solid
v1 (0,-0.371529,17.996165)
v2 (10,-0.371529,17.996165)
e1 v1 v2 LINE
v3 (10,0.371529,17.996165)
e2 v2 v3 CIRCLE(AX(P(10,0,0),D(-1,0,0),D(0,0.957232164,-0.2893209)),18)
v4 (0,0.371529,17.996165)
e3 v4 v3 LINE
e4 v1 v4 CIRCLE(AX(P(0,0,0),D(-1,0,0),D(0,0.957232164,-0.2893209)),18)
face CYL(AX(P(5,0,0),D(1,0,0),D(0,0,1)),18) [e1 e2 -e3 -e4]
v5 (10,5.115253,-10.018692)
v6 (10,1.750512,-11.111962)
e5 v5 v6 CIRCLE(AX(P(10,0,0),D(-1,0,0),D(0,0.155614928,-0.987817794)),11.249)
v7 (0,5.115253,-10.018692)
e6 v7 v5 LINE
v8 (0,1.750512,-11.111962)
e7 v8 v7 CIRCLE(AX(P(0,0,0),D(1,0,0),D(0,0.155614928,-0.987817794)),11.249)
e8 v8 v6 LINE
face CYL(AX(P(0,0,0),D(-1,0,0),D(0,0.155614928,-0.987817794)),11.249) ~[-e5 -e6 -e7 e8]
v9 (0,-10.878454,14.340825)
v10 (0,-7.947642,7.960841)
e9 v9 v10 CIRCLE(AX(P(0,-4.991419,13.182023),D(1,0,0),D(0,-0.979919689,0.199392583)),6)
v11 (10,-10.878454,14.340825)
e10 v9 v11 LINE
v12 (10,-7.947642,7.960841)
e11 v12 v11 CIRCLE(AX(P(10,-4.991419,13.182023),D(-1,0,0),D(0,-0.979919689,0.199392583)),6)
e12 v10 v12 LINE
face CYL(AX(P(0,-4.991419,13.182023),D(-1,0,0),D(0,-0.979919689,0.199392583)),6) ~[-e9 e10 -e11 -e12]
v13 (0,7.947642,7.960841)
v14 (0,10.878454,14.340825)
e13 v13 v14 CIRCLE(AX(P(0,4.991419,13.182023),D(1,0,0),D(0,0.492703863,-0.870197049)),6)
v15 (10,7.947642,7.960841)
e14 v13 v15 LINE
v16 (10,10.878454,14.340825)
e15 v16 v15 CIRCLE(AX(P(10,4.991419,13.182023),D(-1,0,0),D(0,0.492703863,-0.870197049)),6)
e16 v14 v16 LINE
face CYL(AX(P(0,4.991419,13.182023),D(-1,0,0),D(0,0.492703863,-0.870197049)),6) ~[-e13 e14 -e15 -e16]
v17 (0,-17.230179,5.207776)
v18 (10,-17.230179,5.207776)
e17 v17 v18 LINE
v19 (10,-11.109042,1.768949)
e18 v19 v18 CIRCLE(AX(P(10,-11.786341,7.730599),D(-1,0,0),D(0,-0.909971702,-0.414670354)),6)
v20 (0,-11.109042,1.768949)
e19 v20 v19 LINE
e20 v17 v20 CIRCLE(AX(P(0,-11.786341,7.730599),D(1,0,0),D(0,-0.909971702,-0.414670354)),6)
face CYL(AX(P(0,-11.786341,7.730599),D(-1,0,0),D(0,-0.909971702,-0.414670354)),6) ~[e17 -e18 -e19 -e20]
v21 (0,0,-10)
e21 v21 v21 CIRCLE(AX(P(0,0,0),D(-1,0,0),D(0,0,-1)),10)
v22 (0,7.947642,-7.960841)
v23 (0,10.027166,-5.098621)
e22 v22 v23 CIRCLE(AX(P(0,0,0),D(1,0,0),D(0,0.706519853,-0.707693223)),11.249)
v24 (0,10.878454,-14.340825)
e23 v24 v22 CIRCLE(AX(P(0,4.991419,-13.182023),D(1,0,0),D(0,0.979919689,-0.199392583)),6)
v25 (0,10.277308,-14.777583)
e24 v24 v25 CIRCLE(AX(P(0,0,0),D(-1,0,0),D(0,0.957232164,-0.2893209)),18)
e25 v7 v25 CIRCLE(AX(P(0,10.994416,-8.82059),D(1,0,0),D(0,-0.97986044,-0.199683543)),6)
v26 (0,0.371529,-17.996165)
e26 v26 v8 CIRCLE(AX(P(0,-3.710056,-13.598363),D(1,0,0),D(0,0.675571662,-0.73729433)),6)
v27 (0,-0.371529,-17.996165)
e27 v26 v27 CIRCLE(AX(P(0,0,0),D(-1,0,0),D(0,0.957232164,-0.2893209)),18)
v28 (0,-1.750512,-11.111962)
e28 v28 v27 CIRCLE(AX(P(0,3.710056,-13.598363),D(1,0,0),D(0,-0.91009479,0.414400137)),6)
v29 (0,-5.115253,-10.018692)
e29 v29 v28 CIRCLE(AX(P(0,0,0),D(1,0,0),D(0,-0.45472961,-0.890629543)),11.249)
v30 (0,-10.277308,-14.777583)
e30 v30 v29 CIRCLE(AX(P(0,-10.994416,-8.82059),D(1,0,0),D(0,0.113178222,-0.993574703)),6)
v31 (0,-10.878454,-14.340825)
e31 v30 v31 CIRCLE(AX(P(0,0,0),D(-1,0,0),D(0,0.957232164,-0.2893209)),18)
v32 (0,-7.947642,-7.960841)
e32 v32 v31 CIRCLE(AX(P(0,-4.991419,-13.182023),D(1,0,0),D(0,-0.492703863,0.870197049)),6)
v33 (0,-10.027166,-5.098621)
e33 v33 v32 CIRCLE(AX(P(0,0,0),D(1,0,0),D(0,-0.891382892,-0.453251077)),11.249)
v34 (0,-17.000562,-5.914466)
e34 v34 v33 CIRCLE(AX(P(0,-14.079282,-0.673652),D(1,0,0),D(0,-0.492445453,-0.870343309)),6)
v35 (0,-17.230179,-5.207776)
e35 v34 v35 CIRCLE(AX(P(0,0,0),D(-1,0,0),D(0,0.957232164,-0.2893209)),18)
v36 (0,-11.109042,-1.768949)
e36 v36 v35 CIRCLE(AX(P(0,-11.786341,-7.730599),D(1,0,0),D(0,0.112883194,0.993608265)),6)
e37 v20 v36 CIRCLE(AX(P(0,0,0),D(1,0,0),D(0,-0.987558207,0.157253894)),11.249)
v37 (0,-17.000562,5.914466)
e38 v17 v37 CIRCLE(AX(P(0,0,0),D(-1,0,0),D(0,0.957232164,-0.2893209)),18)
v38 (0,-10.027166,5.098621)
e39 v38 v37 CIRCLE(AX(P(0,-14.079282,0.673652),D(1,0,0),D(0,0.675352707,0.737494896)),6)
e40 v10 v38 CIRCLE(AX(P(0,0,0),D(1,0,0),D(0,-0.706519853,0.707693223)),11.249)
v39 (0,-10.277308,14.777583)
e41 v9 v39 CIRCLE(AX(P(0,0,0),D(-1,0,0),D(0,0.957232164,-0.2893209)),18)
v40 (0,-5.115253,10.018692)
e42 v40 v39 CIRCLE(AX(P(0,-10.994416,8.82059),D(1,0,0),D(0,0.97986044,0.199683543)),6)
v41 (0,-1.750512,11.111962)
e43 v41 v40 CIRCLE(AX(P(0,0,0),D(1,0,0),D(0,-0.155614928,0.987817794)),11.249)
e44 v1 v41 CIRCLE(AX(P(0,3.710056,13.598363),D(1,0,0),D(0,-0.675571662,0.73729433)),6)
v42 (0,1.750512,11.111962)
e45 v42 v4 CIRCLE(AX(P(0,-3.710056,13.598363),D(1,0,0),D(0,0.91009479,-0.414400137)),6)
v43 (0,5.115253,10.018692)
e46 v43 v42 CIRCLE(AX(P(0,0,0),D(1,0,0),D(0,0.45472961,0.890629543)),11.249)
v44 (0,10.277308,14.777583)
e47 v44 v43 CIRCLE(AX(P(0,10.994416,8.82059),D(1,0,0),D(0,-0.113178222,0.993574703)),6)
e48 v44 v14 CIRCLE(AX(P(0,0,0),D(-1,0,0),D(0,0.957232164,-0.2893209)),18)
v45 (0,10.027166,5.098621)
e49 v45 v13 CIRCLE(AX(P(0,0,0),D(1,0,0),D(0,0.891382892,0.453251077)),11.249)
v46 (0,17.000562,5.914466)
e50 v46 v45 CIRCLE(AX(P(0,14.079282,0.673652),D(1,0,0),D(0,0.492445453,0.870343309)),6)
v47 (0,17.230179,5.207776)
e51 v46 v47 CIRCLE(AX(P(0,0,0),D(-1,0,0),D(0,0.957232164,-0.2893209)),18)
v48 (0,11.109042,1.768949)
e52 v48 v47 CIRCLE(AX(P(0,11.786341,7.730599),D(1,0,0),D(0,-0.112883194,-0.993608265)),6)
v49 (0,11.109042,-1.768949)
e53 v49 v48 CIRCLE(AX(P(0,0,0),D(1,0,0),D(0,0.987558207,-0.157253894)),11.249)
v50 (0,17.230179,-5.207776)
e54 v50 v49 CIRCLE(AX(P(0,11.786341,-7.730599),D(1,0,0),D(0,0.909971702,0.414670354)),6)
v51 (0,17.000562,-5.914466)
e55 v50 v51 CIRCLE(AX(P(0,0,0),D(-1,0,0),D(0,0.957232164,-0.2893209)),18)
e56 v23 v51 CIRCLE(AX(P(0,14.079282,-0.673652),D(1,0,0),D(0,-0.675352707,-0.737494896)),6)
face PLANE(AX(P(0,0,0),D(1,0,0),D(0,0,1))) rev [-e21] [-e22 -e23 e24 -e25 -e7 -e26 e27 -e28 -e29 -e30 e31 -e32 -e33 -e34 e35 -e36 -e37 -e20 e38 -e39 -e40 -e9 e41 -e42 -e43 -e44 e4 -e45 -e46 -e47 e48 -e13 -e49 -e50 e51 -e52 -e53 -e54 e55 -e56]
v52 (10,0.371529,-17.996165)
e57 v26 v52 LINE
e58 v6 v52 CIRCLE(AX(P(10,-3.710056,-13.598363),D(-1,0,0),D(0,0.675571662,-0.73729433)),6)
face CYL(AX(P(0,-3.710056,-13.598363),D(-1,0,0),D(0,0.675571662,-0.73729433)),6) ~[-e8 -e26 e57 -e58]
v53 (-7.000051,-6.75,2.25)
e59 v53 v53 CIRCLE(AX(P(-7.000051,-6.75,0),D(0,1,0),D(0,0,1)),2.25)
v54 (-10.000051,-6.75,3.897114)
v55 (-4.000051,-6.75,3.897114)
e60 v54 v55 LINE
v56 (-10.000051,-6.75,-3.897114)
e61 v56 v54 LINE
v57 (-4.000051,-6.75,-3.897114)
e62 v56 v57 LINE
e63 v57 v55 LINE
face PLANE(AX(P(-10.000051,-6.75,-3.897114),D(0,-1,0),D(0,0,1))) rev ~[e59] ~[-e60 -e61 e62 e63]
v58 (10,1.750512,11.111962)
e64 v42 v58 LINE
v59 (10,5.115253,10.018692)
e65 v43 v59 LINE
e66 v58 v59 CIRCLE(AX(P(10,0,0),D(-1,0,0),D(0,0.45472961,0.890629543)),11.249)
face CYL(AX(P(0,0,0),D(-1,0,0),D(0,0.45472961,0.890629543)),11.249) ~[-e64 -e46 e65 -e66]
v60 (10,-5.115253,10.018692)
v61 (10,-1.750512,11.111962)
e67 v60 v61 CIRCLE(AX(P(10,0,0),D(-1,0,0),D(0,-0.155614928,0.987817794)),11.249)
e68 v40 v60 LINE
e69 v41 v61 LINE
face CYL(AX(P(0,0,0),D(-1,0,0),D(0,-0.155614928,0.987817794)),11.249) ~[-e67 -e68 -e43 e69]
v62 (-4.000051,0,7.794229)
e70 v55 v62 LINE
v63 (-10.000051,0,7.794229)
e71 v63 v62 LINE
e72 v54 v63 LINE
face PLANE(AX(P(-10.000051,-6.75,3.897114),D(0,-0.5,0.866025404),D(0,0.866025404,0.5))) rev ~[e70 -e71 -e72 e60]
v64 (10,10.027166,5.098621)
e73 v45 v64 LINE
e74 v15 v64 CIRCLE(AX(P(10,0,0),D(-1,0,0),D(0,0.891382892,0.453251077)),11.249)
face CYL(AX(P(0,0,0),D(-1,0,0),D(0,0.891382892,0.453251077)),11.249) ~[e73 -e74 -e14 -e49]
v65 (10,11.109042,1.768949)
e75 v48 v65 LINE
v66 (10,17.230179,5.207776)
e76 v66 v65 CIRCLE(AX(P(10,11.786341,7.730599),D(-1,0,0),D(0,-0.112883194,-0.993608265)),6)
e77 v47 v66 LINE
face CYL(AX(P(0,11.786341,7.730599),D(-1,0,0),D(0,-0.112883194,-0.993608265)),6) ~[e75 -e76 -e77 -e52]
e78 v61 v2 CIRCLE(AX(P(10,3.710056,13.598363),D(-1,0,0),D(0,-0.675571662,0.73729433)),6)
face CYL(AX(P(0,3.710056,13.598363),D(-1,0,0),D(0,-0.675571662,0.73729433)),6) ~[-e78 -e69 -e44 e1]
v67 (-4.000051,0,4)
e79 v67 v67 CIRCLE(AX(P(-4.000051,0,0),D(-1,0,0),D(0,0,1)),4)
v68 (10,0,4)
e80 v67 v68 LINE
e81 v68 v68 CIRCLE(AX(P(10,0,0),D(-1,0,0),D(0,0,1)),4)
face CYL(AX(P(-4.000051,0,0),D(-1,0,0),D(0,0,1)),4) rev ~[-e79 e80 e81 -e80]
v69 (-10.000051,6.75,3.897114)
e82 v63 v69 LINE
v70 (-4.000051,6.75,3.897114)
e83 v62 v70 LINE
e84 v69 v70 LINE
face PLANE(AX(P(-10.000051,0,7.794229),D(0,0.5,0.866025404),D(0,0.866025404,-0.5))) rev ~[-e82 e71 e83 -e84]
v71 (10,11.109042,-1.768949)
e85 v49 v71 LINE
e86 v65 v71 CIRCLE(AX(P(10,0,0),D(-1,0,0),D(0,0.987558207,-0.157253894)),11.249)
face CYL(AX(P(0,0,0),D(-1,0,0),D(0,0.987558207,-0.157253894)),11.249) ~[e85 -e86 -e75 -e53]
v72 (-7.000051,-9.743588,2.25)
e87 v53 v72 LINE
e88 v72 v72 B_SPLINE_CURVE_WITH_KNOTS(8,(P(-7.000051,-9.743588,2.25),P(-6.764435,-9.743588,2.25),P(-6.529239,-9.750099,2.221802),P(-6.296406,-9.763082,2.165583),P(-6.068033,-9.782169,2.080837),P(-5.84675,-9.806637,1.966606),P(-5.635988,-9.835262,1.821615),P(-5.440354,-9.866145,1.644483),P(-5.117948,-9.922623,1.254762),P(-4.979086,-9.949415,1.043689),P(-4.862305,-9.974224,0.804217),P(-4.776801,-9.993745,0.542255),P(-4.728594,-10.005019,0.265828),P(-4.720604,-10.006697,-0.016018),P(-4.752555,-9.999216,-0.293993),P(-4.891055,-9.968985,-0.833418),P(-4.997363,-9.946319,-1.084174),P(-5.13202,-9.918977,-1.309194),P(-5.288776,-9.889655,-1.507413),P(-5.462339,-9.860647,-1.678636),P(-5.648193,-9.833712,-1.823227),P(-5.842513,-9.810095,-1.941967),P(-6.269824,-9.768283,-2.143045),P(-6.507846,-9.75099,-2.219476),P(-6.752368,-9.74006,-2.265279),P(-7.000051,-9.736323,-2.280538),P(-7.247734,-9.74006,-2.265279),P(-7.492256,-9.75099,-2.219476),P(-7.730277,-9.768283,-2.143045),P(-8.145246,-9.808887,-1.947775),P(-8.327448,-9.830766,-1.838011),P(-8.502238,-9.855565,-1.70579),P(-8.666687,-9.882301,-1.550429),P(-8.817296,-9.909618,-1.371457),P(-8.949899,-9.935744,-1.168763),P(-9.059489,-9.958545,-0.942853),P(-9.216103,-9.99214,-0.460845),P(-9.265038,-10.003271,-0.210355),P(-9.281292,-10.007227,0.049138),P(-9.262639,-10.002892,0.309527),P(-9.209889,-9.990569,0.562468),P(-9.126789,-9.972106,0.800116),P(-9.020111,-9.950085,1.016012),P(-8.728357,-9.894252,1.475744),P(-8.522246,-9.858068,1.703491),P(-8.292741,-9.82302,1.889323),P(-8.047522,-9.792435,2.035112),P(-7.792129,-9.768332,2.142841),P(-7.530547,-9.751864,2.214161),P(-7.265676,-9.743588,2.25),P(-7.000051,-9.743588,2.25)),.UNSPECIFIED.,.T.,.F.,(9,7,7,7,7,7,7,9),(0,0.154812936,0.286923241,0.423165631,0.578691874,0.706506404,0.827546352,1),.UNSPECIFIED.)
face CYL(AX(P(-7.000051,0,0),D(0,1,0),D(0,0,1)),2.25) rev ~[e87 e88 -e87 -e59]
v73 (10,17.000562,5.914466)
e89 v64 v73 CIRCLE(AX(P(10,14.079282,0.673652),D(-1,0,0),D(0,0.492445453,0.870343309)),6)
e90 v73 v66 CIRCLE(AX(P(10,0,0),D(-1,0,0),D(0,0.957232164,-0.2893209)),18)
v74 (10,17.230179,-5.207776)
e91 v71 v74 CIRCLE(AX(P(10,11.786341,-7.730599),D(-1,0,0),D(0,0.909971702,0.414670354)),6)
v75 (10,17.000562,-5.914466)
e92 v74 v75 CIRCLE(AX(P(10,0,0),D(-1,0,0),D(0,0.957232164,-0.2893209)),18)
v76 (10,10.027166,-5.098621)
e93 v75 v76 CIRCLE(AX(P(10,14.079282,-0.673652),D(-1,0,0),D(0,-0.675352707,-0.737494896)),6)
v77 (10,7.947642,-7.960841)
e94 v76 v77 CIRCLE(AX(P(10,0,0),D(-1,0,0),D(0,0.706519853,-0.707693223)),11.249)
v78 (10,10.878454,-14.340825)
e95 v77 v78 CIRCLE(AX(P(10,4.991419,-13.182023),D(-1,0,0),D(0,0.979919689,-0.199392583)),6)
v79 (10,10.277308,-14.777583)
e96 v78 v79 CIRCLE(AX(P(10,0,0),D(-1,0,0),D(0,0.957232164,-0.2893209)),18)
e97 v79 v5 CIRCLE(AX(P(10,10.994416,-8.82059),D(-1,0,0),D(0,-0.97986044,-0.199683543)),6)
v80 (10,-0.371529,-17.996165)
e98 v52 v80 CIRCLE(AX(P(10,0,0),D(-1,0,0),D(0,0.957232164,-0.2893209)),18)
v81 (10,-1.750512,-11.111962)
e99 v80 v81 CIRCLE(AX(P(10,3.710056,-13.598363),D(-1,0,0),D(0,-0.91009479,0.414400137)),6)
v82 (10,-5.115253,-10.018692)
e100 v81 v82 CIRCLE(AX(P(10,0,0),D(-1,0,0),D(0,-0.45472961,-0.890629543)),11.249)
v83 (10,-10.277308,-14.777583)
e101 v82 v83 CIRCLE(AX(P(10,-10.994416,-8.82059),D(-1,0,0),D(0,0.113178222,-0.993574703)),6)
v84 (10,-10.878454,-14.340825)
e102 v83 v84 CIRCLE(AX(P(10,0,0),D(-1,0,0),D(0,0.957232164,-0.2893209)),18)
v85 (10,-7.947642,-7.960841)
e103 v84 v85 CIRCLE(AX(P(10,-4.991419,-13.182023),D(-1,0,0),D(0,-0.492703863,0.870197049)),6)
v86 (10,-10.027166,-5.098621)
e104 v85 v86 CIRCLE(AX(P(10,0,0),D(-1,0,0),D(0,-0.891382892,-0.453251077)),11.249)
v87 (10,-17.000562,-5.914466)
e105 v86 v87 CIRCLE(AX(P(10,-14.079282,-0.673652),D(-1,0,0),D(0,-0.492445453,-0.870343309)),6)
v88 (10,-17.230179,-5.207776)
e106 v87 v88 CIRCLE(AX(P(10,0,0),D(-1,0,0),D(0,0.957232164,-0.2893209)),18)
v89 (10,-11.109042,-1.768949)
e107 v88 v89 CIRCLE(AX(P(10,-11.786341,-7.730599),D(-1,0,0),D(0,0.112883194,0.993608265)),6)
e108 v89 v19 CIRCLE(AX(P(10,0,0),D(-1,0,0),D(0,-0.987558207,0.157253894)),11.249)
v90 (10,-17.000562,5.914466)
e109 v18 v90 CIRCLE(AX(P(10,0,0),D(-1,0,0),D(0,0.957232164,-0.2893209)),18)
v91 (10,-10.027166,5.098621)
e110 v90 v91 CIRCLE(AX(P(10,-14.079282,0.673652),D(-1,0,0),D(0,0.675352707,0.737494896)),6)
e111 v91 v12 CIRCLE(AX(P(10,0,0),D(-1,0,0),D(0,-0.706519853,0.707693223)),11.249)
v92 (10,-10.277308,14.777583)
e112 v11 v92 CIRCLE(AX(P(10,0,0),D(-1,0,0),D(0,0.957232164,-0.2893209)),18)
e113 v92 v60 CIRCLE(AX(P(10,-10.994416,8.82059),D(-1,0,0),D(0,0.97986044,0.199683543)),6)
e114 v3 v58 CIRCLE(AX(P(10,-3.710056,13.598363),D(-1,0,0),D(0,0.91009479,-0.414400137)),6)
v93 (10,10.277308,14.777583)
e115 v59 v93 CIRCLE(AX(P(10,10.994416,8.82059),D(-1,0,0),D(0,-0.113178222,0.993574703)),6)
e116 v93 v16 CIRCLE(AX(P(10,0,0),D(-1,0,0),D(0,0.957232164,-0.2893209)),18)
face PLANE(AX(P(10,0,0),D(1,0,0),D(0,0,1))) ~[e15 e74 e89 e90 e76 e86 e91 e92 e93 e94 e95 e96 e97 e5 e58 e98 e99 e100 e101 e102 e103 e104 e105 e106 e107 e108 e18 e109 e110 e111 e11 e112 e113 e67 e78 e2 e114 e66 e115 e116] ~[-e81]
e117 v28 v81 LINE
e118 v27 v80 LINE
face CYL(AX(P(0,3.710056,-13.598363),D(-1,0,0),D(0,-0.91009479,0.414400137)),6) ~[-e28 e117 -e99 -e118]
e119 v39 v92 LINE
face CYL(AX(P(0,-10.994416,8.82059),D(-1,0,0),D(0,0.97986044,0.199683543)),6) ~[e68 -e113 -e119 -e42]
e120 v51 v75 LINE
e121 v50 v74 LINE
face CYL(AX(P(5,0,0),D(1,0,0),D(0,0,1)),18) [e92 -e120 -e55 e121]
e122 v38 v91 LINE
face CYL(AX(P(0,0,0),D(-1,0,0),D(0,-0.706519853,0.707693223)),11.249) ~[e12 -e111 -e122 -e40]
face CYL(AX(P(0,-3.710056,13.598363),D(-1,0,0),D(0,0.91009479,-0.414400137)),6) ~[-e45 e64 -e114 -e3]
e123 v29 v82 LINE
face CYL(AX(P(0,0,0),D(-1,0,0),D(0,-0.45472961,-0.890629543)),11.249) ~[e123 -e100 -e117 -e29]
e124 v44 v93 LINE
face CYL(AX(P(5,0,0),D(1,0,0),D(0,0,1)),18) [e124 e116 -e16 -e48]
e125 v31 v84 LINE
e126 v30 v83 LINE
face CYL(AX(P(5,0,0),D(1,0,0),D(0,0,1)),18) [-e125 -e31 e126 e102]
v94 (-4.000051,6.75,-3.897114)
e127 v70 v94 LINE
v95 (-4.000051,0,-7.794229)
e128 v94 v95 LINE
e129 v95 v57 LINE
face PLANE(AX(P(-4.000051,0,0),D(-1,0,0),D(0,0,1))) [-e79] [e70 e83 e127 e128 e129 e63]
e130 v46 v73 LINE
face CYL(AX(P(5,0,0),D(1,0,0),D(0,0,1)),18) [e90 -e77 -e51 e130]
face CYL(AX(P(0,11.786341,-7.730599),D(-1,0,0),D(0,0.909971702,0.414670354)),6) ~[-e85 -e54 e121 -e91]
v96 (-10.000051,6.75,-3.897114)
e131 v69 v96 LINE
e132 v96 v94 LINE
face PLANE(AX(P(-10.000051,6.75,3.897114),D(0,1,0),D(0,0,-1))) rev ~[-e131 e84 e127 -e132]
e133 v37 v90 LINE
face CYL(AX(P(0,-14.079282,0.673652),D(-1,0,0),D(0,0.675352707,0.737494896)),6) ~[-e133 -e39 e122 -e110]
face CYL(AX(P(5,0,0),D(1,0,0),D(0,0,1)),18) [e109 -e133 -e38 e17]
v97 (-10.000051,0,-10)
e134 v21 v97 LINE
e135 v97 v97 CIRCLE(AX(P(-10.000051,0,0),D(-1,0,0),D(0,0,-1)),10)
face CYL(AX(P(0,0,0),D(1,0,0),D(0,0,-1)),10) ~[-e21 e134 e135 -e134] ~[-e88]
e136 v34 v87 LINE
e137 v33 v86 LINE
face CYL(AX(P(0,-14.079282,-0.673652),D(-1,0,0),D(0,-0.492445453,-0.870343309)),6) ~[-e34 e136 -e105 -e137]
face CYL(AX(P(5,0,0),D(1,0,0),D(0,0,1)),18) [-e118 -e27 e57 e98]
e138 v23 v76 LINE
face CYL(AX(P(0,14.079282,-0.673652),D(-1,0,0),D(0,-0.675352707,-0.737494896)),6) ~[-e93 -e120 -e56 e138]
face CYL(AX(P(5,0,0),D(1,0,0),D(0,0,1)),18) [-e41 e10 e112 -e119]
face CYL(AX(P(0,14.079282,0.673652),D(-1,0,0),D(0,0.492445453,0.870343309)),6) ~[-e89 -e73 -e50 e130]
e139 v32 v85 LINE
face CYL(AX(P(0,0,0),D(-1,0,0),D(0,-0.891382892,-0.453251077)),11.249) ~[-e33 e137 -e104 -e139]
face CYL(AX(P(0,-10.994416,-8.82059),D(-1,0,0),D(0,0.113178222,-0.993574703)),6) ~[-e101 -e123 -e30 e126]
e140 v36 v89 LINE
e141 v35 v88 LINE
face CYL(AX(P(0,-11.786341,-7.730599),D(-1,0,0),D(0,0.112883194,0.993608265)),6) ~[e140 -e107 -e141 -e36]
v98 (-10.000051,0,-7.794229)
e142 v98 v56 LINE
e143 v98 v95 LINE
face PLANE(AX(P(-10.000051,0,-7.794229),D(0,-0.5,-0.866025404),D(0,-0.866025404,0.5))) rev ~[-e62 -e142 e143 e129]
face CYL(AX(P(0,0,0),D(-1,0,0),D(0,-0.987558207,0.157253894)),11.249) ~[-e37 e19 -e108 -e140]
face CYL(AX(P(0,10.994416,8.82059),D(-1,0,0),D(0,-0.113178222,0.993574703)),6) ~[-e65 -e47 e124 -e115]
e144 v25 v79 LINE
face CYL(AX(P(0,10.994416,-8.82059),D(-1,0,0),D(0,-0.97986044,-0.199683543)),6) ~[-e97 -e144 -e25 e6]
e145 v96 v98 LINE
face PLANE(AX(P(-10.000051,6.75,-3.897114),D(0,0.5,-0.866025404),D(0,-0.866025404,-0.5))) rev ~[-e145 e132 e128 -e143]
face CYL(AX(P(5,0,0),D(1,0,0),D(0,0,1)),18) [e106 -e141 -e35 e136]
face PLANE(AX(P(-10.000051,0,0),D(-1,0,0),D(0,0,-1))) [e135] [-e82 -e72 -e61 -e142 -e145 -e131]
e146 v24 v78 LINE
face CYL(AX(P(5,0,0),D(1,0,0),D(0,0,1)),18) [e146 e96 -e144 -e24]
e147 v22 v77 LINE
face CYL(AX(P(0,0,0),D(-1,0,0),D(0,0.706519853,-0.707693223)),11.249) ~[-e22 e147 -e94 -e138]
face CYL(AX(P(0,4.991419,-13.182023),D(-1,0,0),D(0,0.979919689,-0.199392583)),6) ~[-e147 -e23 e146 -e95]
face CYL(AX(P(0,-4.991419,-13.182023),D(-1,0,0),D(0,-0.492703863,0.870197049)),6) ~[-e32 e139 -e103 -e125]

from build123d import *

# Parameters (mm, degrees)
BASPROSKE_W        = 10
BASPROSKE_H        = 18
TOOTHCUT_DEPTH     = 28.349588662
TEETHCUTS_COUNT    = 10
TEETHCUTS_ANGLE    = 324
HUBNEAONESKE_R     = 10
HUBNEARONE_DEPTH   = 10.0000508
BORSKE_R           = 3.5
BORE_DEPTH         = 20.0000508
CUT_EXTRUDE1_DEPTH = 6
SKETCH2_R          = 4
CUT_EXTRUDE2_DEPTH = 29.581121206
SKETCH3_R          = 2.25
CUT_EXTRUDE3_DEPTH = 27.8492101


with BuildPart() as part:
    # BasProSke → Base-Revolve (revolve)
    with BuildSketch(Plane(origin=(0, 0, 0), x_dir=(1, 0, 0), z_dir=(0, 1, 0)), mode=Mode.PRIVATE) as base_revolve_sk:
        with Locations((5, 9)):
            Rectangle(BASPROSKE_W, BASPROSKE_H)
    revolve(base_revolve_sk.sketch.rotate(Axis((-10, 0, 0), (1, 0, 0)), 180), axis=Axis((-10, 0, 0), (1, 0, 0)))

    # TooCutSke → ToothCut (cut, through all)
    with BuildSketch(Plane(origin=(0, 0, 0), x_dir=(0, 0, -1), z_dir=(1, 0, 0))):
        with BuildLine():
            ThreePointArc((1.768949054, 11.109042274), (0, 11.249), (-1.768949054, 11.109042274))
            ThreePointArc((-1.768949054, 11.109042274), (-2.508977513, 14.741789417), (-5.242576524, 17.246171649))
            ThreePointArc((-5.242576524, 17.246171649), (0, 18.0254), (5.242576524, 17.246171649))
            ThreePointArc((5.242576524, 17.246171649), (2.508977513, 14.741789417), (1.768949054, 11.109042274))
        make_face()
    toothcut = extrude(amount=TOOTHCUT_DEPTH, mode=Mode.SUBTRACT)

    # TeethCuts: ToothCut ×10 about axis
    teethcuts_axis = Axis((-10, 0, 0), (1, 0, 0))
    for i in range(1, TEETHCUTS_COUNT):
        add(toothcut.rotate(teethcuts_axis, i * TEETHCUTS_ANGLE / (TEETHCUTS_COUNT - 1)), mode=Mode.SUBTRACT)

    # HubNeaOneSke → HubNearOne (add)
    with BuildSketch(Plane.ZY):
        with Locations(Location((0, 0, 0), (0, 0, 180))):
            Circle(HUBNEAONESKE_R)
    extrude(amount=HUBNEARONE_DEPTH)

    # BorSke → Bore (cut, symmetric)
    with BuildSketch(Plane(origin=(0, 0, 0), x_dir=(0, 0, -1), z_dir=(1, 0, 0))):
        with Locations(Location((0, 0, 0), (0, 0, 180))):
            Circle(BORSKE_R)
    extrude(amount=BORE_DEPTH, both=True, mode=Mode.SUBTRACT)

    # Sketch1 → Cut-Extrude1 (cut)
    with BuildSketch(Plane.ZY.offset(10.0000508)):
        Polygon((7.794228634, 0), (3.897114317, 6.75), (-3.897114317, 6.75), (-7.794228634, 0), (-3.897114317, -6.75), (3.897114317, -6.75), align=None)
    extrude(amount=-CUT_EXTRUDE1_DEPTH, mode=Mode.SUBTRACT)

    # Sketch2 → Cut-Extrude2 (cut, through all)
    with BuildSketch(Plane.ZY.offset(4.0000508)):
        Circle(SKETCH2_R)
    extrude(amount=-CUT_EXTRUDE2_DEPTH, mode=Mode.SUBTRACT)

    # Sketch3 → Cut-Extrude3 (cut, through all)
    with BuildSketch(Plane(origin=(0, 0, 0), x_dir=(1, 0, 0), z_dir=(0, 1, 0))):
        with Locations(Location((-7.0000508, 0, 0), (0, 0, 270))):
            Circle(SKETCH3_R)
    extrude(amount=-CUT_EXTRUDE3_DEPTH, mode=Mode.SUBTRACT)


solid = part.part
